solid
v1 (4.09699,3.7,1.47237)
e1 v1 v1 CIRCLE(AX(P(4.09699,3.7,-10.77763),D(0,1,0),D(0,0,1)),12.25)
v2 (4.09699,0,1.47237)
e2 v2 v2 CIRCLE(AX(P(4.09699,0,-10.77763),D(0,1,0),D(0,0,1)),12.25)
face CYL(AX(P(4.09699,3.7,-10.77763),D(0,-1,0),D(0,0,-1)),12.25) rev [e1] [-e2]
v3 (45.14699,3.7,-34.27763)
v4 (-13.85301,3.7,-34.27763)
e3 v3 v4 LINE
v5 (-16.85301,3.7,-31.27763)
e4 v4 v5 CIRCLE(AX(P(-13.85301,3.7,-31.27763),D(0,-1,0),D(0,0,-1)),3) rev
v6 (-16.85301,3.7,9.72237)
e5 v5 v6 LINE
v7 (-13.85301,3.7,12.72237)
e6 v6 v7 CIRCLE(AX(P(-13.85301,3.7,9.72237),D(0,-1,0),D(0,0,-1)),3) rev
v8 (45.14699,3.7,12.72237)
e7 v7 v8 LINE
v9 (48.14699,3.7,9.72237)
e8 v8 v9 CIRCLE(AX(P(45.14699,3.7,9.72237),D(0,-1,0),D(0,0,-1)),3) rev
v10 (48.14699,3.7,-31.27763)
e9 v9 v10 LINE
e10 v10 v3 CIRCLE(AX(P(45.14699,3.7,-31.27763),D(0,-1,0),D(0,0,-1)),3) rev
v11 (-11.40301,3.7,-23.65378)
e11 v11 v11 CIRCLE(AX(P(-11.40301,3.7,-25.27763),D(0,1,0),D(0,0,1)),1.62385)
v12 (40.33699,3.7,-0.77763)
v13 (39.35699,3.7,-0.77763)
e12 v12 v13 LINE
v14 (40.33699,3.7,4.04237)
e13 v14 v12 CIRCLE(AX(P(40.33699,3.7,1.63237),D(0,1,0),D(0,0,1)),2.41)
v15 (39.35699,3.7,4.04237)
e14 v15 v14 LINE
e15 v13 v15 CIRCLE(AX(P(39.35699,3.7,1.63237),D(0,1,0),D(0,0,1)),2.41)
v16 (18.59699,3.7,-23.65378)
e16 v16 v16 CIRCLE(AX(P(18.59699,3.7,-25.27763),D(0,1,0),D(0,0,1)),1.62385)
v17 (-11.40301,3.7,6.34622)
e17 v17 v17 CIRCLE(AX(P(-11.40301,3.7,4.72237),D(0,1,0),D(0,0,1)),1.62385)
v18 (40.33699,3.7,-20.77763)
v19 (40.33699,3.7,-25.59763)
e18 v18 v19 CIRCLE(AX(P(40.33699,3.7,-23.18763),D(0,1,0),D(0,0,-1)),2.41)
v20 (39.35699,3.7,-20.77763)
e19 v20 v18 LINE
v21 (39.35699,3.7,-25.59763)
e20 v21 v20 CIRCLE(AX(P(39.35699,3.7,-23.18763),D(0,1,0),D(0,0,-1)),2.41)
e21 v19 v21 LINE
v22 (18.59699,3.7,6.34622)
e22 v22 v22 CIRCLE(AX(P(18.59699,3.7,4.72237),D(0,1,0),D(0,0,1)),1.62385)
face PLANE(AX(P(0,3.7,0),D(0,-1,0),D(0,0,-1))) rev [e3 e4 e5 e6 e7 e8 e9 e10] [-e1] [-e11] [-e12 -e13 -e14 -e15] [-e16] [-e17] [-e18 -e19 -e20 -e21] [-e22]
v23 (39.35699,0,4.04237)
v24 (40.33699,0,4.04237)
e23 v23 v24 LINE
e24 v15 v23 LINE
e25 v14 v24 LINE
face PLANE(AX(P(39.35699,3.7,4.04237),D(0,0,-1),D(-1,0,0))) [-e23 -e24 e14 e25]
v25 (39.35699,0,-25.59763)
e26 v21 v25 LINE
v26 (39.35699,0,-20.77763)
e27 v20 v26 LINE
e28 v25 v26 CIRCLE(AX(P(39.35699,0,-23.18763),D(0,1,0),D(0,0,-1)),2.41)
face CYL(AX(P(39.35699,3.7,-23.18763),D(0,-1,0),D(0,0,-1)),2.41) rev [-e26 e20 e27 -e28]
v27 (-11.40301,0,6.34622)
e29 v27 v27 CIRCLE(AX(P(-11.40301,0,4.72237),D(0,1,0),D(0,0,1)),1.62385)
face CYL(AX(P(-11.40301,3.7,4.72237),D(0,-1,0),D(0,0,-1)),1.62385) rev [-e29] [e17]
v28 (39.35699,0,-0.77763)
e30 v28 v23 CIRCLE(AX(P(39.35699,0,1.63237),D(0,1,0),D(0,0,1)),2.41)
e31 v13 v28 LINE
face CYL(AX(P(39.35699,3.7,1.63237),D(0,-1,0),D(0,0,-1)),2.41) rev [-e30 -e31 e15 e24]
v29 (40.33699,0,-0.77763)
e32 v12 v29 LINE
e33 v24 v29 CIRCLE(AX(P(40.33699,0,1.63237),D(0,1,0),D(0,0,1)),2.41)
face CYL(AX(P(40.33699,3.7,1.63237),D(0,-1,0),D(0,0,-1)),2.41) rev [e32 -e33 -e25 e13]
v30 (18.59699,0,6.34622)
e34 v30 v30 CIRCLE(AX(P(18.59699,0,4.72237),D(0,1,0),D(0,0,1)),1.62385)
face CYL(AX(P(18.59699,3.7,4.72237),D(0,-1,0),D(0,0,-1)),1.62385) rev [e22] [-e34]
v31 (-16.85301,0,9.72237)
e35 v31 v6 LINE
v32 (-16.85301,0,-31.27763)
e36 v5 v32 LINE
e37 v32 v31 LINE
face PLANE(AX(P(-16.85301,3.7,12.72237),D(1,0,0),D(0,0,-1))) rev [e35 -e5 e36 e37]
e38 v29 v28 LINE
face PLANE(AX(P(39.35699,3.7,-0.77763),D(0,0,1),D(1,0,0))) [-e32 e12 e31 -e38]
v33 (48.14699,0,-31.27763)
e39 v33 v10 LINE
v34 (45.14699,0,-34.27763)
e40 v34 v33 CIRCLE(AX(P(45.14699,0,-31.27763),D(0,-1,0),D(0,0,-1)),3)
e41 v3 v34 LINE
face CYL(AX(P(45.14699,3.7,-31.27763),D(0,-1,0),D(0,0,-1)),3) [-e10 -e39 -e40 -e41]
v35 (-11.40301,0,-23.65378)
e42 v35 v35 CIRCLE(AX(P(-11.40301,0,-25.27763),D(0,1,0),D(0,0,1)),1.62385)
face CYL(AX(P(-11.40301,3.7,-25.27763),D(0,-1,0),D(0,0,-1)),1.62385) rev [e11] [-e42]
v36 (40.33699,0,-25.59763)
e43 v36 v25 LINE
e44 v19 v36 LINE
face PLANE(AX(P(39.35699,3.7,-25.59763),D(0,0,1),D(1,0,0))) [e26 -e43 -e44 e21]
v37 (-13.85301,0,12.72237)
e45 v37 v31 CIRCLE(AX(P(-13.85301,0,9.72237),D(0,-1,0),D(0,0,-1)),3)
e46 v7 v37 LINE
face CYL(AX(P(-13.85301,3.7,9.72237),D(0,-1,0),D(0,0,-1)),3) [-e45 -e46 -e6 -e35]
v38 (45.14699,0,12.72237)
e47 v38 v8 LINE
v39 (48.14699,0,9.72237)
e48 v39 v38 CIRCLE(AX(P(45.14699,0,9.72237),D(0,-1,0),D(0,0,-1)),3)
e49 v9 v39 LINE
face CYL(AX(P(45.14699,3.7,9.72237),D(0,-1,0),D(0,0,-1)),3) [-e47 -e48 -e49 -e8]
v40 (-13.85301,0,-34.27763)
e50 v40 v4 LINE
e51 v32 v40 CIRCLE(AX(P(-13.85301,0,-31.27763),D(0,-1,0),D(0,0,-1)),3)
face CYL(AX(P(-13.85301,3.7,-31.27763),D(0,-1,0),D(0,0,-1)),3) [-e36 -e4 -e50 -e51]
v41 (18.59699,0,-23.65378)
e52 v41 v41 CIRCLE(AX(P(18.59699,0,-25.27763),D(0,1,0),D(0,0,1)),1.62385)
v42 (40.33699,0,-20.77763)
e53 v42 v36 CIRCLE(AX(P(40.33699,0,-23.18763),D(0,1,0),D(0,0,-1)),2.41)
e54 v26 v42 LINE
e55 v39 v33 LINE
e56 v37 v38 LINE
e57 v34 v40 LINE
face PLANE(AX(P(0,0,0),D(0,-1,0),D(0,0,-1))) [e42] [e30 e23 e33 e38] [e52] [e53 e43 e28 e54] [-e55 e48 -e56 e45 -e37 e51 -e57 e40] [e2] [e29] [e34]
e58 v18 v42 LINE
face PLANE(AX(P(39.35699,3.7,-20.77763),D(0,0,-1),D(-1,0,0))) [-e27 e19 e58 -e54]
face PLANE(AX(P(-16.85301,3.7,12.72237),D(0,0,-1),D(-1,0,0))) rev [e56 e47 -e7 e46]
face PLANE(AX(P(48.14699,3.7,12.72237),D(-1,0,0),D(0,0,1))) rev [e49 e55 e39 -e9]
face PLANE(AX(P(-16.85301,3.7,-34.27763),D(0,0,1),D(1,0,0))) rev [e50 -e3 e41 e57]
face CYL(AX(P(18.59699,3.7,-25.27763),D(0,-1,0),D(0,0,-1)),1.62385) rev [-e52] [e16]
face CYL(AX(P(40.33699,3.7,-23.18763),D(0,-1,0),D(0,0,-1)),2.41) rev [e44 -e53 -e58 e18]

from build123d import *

# Parameters (mm, degrees)
SKETCH1_W           = 65
SKETCH1_H           = 47
SKETCH1_R           = 12.25
SKETCH1_R_2         = 1.623849847
BOSS_EXTRUDE1_DEPTH = 3.7
FILLET1_R           = 3


with BuildPart() as part:
    # Sketch1 → Boss-Extrude1 (new body)
    with BuildSketch(Plane(origin=(0, 0, 0), x_dir=(1, 0, 0), z_dir=(0, 1, 0))):
        with Locations((15.646990036, 10.777629745)):
            Rectangle(SKETCH1_W, SKETCH1_H)
        with Locations((4.096990036, 10.777629745)):
            Circle(SKETCH1_R, mode=Mode.SUBTRACT)
        with Locations((-11.403009964, -4.722370255)):
            Circle(SKETCH1_R_2, mode=Mode.SUBTRACT)
        with Locations((18.596990036, -4.722370255)):
            Circle(SKETCH1_R_2, mode=Mode.SUBTRACT)
        with Locations((18.596990036, 25.277629745)):
            Circle(SKETCH1_R_2, mode=Mode.SUBTRACT)
        with Locations((-11.403009964, 25.277629745)):
            Circle(SKETCH1_R_2, mode=Mode.SUBTRACT)
        with BuildLine():
            Line((39.356990036, 0.777629745), (40.336990036, 0.777629745))
            ThreePointArc((40.336990036, 0.777629745), (42.746990036, -1.632370255), (40.336990036, -4.042370255))
            Line((40.336990036, -4.042370255), (39.356990036, -4.042370255))
            ThreePointArc((39.356990036, -4.042370255), (36.946990036, -1.632370255), (39.356990036, 0.777629745))
        make_face(mode=Mode.SUBTRACT)
        with BuildLine():
            Line((39.356990036, 20.777629745), (40.336990036, 20.777629745))
            ThreePointArc((40.336990036, 20.777629745), (42.746990036, 23.187629745), (40.336990036, 25.597629745))
            Line((40.336990036, 25.597629745), (39.356990036, 25.597629745))
            ThreePointArc((39.356990036, 25.597629745), (36.946990036, 23.187629745), (39.356990036, 20.777629745))
        make_face(mode=Mode.SUBTRACT)
    extrude(amount=BOSS_EXTRUDE1_DEPTH)

    # Fillet1
    fillet1_edges = [part.edges().sort_by_distance(p)[0] for p in [
        (-16.853009964, 1.85, -34.277629745),
        (48.146990036, 1.85, -34.277629745),
        (48.146990036, 1.85, 12.722370255),
        (-16.853009964, 1.85, 12.722370255),
    ]]
    fillet(fillet1_edges, radius=FILLET1_R)


solid = part.part
